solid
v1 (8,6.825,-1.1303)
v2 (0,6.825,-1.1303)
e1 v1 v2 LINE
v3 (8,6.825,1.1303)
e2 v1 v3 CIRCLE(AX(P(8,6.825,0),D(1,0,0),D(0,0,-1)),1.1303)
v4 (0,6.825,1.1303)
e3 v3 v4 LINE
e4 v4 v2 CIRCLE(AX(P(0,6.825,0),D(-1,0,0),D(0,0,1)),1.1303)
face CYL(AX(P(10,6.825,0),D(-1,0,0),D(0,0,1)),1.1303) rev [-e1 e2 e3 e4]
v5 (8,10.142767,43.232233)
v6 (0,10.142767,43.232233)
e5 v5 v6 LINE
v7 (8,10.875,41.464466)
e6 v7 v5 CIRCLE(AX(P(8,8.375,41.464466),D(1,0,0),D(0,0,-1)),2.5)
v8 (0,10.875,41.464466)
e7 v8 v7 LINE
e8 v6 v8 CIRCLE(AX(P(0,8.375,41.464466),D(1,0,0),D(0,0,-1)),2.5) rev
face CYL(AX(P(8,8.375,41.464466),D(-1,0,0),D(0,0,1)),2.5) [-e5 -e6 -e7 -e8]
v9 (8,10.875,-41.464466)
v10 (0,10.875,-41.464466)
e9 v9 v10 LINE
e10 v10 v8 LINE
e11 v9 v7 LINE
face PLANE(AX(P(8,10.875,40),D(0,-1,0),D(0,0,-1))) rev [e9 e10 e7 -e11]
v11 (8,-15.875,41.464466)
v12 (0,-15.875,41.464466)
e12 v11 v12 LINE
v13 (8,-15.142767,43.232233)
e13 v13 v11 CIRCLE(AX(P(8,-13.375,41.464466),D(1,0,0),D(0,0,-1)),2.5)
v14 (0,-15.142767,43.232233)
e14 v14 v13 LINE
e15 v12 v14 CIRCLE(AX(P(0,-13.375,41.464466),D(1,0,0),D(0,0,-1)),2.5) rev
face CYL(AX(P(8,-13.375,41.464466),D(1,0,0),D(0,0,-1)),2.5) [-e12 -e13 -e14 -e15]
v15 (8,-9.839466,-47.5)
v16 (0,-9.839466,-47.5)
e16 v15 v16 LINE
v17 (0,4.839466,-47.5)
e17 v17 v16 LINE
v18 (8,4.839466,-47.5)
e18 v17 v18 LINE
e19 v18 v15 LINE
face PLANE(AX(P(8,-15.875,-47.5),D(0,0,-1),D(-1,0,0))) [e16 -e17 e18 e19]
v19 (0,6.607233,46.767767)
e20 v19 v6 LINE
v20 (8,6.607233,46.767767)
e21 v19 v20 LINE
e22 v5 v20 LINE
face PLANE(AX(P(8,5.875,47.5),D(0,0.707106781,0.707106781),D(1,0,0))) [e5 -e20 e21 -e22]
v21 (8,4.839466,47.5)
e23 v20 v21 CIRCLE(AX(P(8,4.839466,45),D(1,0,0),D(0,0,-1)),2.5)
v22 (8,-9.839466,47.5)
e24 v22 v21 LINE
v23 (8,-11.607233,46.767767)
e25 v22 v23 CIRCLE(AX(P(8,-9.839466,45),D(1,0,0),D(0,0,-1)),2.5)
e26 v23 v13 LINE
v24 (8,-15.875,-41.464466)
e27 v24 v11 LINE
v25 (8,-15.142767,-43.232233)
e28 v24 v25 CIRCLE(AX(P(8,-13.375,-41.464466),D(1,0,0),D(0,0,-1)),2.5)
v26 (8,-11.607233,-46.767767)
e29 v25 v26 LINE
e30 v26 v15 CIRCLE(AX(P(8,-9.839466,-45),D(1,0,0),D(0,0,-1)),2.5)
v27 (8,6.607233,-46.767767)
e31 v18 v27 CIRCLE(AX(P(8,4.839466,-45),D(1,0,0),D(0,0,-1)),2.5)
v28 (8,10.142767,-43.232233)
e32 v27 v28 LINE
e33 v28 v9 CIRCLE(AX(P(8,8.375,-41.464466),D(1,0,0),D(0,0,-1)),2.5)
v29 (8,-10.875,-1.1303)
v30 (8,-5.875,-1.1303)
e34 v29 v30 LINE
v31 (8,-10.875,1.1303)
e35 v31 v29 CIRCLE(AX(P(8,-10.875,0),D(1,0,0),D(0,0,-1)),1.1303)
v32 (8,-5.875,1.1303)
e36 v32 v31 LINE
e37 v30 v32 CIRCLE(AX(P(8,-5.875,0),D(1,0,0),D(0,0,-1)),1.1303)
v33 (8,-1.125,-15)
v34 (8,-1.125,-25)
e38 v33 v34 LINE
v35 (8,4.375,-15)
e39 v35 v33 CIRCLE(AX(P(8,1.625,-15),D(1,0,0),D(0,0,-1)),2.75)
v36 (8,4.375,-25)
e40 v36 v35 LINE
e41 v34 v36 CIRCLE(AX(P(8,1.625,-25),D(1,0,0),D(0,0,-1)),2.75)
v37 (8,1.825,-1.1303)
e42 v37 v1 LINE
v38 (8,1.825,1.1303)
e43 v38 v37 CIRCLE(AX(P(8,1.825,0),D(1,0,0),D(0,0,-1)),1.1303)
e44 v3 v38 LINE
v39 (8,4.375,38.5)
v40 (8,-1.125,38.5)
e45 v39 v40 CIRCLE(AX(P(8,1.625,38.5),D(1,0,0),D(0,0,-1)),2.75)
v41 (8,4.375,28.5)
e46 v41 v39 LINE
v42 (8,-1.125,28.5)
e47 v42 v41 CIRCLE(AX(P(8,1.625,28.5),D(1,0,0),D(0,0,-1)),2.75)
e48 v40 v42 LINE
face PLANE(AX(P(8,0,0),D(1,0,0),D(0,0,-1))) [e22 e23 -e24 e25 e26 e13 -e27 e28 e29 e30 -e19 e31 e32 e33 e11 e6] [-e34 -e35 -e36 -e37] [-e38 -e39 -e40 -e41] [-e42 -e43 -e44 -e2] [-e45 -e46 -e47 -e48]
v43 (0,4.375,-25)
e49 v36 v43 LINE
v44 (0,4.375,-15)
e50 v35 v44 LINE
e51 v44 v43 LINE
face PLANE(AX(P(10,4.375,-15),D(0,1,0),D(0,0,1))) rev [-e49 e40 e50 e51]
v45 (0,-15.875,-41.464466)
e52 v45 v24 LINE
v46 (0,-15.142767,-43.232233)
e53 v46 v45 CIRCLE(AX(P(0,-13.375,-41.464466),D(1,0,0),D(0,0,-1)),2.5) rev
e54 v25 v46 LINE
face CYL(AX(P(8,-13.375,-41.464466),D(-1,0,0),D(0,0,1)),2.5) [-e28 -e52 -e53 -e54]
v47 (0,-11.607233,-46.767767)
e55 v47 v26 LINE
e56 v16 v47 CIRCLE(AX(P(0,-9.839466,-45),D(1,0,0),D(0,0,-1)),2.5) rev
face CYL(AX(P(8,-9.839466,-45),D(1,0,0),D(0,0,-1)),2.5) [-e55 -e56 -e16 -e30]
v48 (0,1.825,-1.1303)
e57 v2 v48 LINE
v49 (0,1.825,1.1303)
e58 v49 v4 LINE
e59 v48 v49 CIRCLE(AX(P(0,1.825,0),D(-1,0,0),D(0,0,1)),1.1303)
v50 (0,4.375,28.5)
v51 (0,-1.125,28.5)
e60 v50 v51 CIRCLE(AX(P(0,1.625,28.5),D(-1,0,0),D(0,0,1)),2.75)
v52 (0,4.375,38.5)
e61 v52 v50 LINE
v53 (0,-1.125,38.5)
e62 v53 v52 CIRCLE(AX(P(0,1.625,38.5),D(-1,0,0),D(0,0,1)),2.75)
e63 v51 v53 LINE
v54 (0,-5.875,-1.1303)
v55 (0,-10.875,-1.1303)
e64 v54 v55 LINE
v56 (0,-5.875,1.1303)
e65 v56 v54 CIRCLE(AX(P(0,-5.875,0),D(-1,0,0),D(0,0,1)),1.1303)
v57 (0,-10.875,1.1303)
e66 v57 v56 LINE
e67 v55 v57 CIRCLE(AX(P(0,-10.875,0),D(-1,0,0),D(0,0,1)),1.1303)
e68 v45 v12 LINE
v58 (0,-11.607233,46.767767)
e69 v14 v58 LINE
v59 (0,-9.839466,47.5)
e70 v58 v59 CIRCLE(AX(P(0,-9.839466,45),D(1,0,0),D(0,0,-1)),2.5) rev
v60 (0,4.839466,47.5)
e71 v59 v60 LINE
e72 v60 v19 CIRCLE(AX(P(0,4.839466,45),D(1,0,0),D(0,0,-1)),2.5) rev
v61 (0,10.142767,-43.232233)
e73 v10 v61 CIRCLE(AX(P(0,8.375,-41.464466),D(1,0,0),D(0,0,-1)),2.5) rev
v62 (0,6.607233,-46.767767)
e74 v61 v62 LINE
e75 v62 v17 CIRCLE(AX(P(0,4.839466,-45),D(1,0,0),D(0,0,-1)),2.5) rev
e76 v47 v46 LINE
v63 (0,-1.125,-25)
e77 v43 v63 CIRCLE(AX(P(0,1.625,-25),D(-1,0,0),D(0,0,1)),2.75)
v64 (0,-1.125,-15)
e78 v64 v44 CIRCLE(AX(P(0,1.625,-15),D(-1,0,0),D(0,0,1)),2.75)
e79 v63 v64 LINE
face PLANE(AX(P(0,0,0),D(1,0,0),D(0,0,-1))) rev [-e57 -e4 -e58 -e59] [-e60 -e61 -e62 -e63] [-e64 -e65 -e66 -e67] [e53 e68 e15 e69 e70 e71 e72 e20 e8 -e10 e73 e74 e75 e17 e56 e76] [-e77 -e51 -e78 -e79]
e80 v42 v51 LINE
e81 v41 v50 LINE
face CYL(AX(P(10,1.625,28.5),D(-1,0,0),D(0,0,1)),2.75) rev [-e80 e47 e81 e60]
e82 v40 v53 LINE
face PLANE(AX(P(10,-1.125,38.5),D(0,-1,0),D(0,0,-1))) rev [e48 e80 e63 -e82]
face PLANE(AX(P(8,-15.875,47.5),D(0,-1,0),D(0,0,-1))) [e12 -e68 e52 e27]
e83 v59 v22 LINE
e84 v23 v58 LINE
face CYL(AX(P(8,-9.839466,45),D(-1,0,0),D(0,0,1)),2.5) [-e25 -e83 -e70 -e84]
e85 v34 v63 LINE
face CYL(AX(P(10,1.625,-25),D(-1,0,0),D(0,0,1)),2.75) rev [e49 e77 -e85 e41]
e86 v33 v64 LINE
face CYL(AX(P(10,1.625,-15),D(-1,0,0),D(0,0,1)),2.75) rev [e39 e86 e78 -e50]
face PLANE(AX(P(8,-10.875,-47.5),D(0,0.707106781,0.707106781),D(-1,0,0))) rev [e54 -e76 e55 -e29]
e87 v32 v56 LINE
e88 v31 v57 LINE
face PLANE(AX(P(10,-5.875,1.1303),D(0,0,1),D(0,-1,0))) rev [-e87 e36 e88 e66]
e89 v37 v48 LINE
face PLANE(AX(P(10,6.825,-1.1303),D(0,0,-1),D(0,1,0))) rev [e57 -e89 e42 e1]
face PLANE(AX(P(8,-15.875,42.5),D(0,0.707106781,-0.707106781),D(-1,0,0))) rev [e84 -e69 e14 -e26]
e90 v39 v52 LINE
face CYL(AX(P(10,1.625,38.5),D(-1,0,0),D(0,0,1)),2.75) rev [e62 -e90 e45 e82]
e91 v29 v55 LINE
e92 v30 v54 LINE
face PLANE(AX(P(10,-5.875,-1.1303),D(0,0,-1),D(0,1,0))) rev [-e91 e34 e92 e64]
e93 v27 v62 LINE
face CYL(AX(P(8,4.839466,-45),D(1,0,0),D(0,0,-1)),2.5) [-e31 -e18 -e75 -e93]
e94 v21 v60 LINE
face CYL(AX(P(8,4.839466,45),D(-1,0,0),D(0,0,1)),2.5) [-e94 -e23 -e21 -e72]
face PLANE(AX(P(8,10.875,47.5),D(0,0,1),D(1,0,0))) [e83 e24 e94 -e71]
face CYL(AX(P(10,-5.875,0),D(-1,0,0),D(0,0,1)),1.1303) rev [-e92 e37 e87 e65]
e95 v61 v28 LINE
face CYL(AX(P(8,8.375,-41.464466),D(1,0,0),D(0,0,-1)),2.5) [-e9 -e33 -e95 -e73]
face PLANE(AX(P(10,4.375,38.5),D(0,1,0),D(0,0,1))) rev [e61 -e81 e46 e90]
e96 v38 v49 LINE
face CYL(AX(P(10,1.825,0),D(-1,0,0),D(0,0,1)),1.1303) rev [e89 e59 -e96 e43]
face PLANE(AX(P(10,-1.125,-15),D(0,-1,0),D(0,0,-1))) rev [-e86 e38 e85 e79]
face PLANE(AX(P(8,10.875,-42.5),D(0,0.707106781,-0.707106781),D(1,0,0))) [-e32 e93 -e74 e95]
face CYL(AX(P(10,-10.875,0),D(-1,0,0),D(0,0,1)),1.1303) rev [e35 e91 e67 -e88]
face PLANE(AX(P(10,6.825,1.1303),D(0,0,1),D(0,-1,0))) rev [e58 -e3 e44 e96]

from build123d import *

# Parameters (mm, degrees)
SKETCH1_W             = 80
SKETCH1_H             = 21.75
MAIN_DEPTH            = 8
M5_CLEARANCE_HOLE1_D  = 5.5
F_2_CLEARANCE_HOLE1_D = 2.2606
SPACER_DEPTH          = 8
CUT_EXTRUDE3_DEPTH    = 10
CHAMFER1_SIZE         = 5
FILLET1_R             = 2.5


with BuildPart() as part:
    # Sketch1 → Main (new body)
    with BuildSketch(Plane(origin=(0, 0, 0), x_dir=(0, 0, -1), z_dir=(1, 0, 0))):
        Rectangle(SKETCH1_W, SKETCH1_H)
    extrude(amount=MAIN_DEPTH)

    # M5 Clearance Hole1 (through all)
    with Locations(Plane.ZY):
        with Locations((-20, 1.625), (33.5, 1.625)):
            Hole(M5_CLEARANCE_HOLE1_D / 2)

    # #2 Clearance Hole1 (through all)
    with Locations(Plane.ZY):
        with Locations((0, -8.375), (0, 4.325)):
            Hole(F_2_CLEARANCE_HOLE1_D / 2)

    # Sketch13 → Spacer (add)
    with BuildSketch(Plane.ZY):
        Polygon((40, 10.875), (47.5, 10.875), (47.5, -15.875), (-47.5, -15.875), (-47.5, 10.875), (-40, 10.875), (-40, -10.875), (40, -10.875), align=None)
    extrude(amount=-SPACER_DEPTH)

    # Sketch14 → Cut-Extrude3 (cut)
    with BuildSketch(Plane.ZY):
        with BuildLine():
            Line((38.5, -1.125), (28.5, -1.125))
            ThreePointArc((28.5, -1.125), (25.75, 1.625), (28.5, 4.375))
            Line((28.5, 4.375), (38.5, 4.375))
            ThreePointArc((38.5, 4.375), (41.25, 1.625), (38.5, -1.125))
        make_face()
        with BuildLine():
            Line((-15, -1.125), (-25, -1.125))
            ThreePointArc((-25, -1.125), (-27.75, 1.625), (-25, 4.375))
            Line((-25, 4.375), (-15, 4.375))
            ThreePointArc((-15, 4.375), (-12.25, 1.625), (-15, -1.125))
        make_face()
        with BuildLine():
            Line((1.1303, -5.875), (1.1303, -10.875))
            ThreePointArc((1.1303, -10.875), (0, -12.0053), (-1.1303, -10.875))
            Line((-1.1303, -10.875), (-1.1303, -5.875))
            ThreePointArc((-1.1303, -5.875), (0, -4.7447), (1.1303, -5.875))
        make_face()
        with BuildLine():
            Line((1.1303, 6.825), (1.1303, 1.825))
            ThreePointArc((1.1303, 1.825), (0, 0.6947), (-1.1303, 1.825))
            Line((-1.1303, 1.825), (-1.1303, 6.825))
            ThreePointArc((-1.1303, 6.825), (0, 7.9553), (1.1303, 6.825))
        make_face()
    extrude(amount=-CUT_EXTRUDE3_DEPTH, mode=Mode.SUBTRACT)

    # Chamfer1
    chamfer1_edges = [part.edges().sort_by_distance(p)[0] for p in [
        (4, 10.875, -47.5),
        (4, 10.875, 47.5),
        (4, -15.875, 47.5),
        (4, -15.875, -47.5),
    ]]
    chamfer(chamfer1_edges, length=CHAMFER1_SIZE)

    # Fillet1
    fillet1_edges = [part.edges().sort_by_distance(p)[0] for p in [
        (4, 10.875, 42.5),
        (4, 10.875, -42.5),
        (4, -10.875, -47.5),
        (4, 5.875, -47.5),
        (4, -15.875, 42.5),
        (4, -15.875, -42.5),
        (4, -10.875, 47.5),
        (4, 5.875, 47.5),
    ]]
    fillet(fillet1_edges, radius=FILLET1_R)


solid = part.part
